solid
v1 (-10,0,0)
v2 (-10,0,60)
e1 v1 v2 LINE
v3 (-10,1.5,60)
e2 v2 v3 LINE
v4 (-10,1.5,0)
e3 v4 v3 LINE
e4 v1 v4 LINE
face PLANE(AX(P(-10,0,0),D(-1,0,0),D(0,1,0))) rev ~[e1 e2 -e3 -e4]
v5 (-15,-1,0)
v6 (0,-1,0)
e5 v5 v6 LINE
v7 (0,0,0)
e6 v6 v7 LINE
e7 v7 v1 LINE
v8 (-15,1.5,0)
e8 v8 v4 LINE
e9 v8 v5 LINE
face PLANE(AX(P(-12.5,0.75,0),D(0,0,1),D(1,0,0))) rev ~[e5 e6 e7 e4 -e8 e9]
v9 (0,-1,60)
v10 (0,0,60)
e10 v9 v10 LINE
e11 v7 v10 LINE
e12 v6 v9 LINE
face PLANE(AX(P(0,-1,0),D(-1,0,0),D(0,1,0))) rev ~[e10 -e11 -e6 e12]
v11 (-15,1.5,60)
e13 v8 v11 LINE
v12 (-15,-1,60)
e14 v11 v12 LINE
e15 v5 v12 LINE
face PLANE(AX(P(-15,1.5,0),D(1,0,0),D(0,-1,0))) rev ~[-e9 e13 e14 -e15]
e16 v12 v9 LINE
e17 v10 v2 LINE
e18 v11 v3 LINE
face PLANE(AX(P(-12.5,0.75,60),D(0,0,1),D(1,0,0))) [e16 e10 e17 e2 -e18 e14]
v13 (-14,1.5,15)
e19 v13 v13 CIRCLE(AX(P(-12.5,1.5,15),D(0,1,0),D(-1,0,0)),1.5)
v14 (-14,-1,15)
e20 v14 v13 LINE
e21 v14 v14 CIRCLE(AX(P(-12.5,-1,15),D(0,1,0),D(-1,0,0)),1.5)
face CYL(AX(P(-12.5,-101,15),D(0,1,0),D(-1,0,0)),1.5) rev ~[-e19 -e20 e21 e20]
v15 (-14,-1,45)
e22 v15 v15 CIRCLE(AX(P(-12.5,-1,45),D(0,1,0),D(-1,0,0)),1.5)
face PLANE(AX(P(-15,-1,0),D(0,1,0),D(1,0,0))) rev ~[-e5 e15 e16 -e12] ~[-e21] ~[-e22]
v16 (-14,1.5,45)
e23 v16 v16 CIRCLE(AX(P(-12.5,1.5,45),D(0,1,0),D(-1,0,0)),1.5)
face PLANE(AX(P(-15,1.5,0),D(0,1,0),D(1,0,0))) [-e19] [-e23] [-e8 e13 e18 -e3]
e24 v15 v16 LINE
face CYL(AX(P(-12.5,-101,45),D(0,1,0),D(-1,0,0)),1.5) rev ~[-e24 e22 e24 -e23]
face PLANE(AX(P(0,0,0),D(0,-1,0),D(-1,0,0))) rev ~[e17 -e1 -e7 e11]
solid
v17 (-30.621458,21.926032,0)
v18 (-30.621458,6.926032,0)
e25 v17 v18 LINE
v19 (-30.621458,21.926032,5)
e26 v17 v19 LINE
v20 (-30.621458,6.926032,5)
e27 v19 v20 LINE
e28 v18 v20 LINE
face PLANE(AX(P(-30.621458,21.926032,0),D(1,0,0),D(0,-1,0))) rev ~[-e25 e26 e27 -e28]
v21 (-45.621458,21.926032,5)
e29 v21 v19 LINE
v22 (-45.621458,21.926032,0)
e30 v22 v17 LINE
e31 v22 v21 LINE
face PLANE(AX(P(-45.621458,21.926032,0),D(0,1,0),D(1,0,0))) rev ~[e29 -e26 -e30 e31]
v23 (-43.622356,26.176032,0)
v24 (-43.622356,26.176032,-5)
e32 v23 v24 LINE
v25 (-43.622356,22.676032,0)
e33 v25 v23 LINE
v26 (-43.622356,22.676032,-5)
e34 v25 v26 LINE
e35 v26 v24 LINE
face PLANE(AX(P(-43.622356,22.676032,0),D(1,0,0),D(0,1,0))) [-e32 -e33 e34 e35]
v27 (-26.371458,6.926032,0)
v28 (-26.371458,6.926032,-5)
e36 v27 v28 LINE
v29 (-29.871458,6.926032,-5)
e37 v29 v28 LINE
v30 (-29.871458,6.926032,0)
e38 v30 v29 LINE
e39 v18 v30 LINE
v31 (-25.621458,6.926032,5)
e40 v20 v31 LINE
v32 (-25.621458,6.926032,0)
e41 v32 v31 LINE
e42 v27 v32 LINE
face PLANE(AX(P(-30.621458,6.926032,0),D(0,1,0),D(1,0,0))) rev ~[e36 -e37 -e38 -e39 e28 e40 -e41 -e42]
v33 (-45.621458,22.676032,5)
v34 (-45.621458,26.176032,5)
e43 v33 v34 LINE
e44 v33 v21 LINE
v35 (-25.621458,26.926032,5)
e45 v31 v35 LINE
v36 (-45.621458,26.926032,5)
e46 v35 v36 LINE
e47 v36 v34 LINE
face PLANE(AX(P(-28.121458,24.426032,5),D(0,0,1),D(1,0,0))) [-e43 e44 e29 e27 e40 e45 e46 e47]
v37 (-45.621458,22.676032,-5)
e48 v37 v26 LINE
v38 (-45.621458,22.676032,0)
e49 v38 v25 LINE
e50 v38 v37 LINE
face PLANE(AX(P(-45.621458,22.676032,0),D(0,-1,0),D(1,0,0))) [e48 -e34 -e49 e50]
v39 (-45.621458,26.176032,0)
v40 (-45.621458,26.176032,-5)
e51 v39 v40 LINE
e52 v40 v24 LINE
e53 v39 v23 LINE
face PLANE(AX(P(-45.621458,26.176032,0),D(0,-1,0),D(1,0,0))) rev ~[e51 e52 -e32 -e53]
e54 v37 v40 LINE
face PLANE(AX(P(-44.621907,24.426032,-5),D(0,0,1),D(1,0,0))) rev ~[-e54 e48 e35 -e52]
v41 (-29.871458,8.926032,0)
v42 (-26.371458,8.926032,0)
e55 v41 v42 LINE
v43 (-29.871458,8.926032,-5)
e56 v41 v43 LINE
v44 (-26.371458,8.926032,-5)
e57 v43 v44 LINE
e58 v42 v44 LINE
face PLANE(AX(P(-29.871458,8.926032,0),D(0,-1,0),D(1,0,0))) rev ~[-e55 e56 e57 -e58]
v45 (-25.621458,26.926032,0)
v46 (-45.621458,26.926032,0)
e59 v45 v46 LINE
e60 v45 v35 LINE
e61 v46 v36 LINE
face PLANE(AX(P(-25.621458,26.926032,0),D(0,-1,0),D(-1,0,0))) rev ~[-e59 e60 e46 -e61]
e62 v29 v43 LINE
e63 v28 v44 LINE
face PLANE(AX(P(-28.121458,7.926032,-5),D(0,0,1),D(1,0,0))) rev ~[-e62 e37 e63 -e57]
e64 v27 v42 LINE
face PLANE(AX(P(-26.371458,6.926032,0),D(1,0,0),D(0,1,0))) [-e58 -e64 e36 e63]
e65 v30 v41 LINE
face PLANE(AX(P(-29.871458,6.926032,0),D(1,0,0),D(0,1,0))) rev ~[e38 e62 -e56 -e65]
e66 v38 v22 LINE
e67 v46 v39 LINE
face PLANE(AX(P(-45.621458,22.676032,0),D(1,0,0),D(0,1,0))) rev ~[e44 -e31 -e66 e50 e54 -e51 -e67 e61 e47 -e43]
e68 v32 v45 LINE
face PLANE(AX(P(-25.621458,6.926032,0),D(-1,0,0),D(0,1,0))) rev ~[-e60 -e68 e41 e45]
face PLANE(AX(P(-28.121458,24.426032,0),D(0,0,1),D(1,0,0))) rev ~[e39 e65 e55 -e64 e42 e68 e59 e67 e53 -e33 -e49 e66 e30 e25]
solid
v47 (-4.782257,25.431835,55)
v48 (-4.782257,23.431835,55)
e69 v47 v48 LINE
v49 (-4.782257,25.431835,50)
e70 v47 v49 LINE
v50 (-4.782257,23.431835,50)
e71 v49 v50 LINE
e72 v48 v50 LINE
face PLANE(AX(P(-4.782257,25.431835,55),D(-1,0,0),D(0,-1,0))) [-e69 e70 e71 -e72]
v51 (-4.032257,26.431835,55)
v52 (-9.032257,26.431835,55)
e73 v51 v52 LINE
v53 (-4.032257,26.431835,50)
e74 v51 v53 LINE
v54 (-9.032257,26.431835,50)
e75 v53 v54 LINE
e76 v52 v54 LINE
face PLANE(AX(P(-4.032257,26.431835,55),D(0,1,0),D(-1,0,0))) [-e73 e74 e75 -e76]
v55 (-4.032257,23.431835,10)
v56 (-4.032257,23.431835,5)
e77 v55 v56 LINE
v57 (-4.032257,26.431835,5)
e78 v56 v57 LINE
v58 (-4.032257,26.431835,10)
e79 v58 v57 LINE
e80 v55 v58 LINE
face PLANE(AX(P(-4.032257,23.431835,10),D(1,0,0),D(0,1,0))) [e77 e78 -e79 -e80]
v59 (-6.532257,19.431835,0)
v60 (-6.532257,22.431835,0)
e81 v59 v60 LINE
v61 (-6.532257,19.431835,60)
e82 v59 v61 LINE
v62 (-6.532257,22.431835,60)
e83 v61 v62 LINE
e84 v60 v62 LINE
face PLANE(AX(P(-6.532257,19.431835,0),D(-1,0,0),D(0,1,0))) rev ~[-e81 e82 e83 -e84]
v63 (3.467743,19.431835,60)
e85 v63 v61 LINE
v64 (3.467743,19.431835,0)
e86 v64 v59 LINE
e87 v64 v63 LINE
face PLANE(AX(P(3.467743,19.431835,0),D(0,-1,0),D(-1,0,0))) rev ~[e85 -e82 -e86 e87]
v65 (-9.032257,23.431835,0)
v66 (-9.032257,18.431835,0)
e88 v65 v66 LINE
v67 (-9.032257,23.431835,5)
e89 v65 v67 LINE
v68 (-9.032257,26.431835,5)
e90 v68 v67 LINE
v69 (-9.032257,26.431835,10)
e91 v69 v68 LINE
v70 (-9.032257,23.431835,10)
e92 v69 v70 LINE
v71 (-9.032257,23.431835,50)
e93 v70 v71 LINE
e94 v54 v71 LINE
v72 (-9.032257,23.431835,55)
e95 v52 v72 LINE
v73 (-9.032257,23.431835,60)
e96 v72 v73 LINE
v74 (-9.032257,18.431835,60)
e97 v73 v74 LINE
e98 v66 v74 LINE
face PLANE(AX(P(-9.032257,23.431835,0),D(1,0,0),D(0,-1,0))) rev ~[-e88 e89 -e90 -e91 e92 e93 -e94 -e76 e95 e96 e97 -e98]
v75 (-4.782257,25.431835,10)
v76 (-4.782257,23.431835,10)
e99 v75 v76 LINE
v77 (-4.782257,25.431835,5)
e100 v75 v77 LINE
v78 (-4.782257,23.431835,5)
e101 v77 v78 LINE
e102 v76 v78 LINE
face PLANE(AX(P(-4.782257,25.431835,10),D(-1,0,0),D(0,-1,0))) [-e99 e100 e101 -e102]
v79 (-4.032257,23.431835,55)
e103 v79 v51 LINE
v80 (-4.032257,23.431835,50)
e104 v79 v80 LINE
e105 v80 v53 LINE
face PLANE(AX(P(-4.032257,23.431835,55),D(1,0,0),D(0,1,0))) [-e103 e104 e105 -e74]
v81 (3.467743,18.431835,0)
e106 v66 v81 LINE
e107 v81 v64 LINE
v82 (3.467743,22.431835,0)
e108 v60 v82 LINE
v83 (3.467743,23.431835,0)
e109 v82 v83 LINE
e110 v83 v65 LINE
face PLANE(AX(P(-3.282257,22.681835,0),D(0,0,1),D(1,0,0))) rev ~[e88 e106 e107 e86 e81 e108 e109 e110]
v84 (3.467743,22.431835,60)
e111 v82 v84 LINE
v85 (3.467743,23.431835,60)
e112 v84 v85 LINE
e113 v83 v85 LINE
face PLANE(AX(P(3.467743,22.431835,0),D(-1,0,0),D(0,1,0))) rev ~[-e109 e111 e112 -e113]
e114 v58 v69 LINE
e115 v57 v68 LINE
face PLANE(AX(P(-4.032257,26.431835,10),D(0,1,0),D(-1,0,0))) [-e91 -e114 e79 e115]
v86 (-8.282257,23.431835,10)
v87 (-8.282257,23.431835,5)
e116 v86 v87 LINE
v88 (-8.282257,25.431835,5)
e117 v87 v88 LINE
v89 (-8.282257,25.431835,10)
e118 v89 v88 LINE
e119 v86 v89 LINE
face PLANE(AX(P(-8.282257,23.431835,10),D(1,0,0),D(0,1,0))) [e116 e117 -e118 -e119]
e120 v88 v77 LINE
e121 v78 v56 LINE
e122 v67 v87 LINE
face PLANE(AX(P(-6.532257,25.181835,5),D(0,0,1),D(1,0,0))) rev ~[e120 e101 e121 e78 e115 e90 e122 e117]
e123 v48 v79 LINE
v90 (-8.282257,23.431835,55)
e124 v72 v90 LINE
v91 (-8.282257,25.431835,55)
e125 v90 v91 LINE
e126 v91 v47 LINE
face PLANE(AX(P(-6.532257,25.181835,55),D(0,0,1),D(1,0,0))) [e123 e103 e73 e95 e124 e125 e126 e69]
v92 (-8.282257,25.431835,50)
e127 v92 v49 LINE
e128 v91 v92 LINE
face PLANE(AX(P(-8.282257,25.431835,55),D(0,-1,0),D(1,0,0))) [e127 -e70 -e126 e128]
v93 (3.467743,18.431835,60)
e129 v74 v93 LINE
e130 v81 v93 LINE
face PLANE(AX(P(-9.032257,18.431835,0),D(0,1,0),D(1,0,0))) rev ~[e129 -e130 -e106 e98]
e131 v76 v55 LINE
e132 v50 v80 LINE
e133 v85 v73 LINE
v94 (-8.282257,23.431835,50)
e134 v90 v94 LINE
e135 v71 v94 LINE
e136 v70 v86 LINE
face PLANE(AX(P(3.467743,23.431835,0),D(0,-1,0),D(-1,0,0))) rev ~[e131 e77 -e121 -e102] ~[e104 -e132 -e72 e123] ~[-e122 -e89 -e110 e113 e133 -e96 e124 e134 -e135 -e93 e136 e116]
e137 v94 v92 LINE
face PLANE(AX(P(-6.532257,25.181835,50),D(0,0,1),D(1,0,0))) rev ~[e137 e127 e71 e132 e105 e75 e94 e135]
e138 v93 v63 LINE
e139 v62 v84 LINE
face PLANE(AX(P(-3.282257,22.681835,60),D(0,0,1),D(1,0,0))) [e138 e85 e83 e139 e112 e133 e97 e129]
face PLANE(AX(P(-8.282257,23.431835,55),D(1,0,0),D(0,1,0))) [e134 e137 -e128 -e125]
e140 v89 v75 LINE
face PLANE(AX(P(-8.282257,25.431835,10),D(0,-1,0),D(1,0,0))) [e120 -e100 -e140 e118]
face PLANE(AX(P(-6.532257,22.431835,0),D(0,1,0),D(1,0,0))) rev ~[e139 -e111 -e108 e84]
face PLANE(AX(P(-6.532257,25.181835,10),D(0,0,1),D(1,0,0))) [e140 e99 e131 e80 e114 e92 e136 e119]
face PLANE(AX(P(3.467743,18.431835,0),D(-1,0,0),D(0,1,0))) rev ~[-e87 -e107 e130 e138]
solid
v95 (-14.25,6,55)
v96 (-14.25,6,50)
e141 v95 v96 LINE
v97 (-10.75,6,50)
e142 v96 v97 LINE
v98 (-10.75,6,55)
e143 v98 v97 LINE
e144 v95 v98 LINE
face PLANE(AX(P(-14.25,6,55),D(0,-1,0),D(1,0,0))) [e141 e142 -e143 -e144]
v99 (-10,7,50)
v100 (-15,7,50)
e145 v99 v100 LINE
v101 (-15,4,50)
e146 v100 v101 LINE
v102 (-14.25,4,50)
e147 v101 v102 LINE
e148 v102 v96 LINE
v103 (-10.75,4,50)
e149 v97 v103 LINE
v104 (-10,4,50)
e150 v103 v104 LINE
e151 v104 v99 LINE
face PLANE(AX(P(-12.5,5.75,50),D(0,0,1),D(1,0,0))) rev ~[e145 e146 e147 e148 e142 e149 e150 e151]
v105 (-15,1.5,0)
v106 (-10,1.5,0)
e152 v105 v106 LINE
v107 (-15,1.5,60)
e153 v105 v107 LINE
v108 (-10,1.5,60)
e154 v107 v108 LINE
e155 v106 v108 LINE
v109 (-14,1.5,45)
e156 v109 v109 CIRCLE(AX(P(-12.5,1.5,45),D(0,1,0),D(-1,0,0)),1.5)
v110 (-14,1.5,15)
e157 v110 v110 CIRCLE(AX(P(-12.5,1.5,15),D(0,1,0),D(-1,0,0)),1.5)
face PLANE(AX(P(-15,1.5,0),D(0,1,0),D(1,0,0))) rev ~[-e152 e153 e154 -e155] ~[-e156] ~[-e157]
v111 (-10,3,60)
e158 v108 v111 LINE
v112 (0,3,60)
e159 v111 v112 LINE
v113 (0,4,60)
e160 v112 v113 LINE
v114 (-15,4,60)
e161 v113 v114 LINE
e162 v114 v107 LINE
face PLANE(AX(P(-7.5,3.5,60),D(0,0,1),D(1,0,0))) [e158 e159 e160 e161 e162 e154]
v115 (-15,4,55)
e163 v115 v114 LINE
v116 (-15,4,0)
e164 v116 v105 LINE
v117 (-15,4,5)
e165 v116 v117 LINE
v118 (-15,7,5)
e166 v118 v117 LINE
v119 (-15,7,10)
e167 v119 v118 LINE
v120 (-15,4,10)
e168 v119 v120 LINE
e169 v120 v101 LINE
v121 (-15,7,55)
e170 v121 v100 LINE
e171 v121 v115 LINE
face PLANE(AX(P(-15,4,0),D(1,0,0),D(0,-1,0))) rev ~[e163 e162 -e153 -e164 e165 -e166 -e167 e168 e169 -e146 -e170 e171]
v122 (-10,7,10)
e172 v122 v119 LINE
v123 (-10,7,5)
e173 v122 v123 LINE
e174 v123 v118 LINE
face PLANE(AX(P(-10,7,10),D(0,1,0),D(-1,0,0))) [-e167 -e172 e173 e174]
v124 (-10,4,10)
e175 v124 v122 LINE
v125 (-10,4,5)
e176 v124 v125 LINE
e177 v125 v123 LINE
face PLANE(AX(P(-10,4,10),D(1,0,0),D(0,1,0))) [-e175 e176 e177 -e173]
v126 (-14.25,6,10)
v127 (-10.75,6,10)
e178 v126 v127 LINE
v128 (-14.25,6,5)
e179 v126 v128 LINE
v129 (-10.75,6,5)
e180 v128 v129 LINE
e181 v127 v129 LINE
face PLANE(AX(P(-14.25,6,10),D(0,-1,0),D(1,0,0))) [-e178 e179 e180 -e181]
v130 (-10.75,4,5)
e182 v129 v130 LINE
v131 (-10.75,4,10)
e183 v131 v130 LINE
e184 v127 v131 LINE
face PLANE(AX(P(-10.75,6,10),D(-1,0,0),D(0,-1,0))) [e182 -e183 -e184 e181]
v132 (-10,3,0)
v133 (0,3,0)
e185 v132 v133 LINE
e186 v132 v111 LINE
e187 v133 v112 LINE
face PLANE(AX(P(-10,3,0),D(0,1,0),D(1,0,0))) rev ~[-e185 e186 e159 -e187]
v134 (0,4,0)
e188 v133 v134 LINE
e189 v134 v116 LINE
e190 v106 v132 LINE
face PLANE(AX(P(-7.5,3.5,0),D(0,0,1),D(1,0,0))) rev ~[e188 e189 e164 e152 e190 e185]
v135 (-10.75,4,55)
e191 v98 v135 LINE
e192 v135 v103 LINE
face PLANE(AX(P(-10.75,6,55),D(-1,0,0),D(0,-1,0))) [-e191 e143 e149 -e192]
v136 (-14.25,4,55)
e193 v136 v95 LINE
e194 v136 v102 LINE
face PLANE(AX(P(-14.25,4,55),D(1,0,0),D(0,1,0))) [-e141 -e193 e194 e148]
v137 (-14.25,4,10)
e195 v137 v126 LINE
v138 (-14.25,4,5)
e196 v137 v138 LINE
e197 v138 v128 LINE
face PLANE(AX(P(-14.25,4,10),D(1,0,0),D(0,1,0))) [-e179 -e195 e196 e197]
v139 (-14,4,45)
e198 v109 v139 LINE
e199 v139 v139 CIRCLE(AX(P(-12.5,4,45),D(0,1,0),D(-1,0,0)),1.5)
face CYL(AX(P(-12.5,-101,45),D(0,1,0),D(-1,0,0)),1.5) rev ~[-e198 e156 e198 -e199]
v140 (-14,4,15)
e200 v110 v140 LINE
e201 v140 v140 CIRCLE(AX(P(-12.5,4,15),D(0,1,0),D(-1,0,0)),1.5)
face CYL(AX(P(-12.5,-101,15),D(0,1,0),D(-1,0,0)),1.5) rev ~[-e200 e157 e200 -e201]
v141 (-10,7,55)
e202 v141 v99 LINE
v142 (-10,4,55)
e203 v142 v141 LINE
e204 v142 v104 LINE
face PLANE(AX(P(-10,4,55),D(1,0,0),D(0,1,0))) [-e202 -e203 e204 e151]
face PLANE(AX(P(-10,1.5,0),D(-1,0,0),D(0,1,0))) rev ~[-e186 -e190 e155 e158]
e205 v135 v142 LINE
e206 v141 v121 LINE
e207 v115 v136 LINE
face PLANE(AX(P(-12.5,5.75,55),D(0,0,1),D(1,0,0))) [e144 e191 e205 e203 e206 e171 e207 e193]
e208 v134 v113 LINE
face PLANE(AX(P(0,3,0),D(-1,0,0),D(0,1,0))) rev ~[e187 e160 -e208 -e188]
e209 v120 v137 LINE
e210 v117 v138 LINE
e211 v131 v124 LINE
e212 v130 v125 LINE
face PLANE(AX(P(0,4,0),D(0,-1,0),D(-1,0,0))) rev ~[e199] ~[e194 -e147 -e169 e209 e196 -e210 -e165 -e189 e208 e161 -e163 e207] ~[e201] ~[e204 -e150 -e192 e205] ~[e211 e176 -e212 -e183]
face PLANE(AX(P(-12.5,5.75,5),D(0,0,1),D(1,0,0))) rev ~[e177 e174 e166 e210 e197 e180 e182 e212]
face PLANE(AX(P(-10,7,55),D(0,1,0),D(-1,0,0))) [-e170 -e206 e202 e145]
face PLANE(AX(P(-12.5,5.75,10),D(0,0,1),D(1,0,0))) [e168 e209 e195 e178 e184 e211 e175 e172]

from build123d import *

# Parameters (mm, degrees)
F0_W       = 5
F0_H       = 1.5
F1_DEPTH   = 60
F2_DEPTH   = 60
F4_D       = 3
F4_DEPTH   = 100
F4_TIP     = 0.9012909285
F4_2_D     = 3
F4_2_DEPTH = 100
F4_2_TIP   = 0.9012909285
F6_DEPTH   = 60
F8_START   = -5
F8_DEPTH   = 5
F9_START   = -50
F9_DEPTH   = 5
F11_START  = -5
F11_DEPTH  = 5
F12_START  = -50
F12_DEPTH  = 5
F13_W      = 5
F13_H      = 5
F13_W_2    = 12
F13_H_2    = 12
F13_W_3    = 1.9991025329
F13_H_3    = 3.5
F13_W_4    = 3.5
F13_H_4    = 2
F14_DEPTH  = 5
F15_DEPTH  = 5


with BuildPart() as f1:
    # F0 (on Top) → F1 (new body)
    with BuildSketch(Plane.XY):
        Polygon((-10, 3), (0, 3), (0, 4), (-15, 4), (-15, 3), align=None)
        with Locations((-12.5, 2.25)):
            Rectangle(F0_W, F0_H)
    extrude(amount=F1_DEPTH)

    # F4
    with Locations(Plane.XZ.offset(1)):
        with Locations((-12.5, 45), (-12.5, 15)):
            Hole(F4_D / 2, depth=F4_DEPTH)
            with Locations((0, 0, -(F4_DEPTH + F4_TIP / 2))):  # 118° drill point
                Cone(0, F4_D / 2, F4_TIP, mode=Mode.SUBTRACT)

    # F7 (on face) → F8 (join)
    with BuildSketch(Plane.XY.offset(60).offset(F8_START)):
        Polygon((-15, 7), (-15, 4), (-14.25, 4), (-14.25, 6), (-10.75, 6), (-10.75, 4), (-10, 4), (-10, 7), align=None)
    extrude(amount=-F8_DEPTH)

    # F7 (on face) → F9 (join)
    with BuildSketch(Plane.XY.offset(60).offset(F9_START)):
        Polygon((-15, 7), (-15, 4), (-14.25, 4), (-14.25, 6), (-10.75, 6), (-10.75, 4), (-10, 4), (-10, 7), align=None)
    extrude(amount=-F9_DEPTH)


with BuildPart() as f2:
    # F0 (on Top) → F2 (new body)
    with BuildSketch(Plane.XY):
        with Locations((-12.5, 0.75)):
            Rectangle(F0_W, F0_H)
        Polygon((0, -1), (0, 0), (-10, 0), (-15, 0), (-15, -1), align=None)
    extrude(amount=F2_DEPTH)

    # F4#2
    with Locations(Plane.XZ.offset(1)):
        with Locations((-12.5, 45), (-12.5, 15)):
            Hole(F4_2_D / 2, depth=F4_2_DEPTH)
            with Locations((0, 0, -(F4_2_DEPTH + F4_2_TIP / 2))):  # 118° drill point
                Cone(0, F4_2_D / 2, F4_2_TIP, mode=Mode.SUBTRACT)


with BuildPart() as f6:
    # F5 (on Top) → F6 (new body)
    with BuildSketch(Plane.XY):
        Polygon((-6.5322569013, 22.4318350405), (3.4677430987, 22.4318350405), (3.4677430987, 23.4318350405), (-9.0322569013, 23.4318350405), (-9.0322569013, 20.9318350405), (-6.5322569013, 20.9318350405), align=None)
        Polygon((-6.5322569013, 19.4318350405), (-6.5322569013, 20.9318350405), (-9.0322569013, 20.9318350405), (-9.0322569013, 18.4318350405), (3.4677430987, 18.4318350405), (3.4677430987, 19.4318350405), align=None)
    extrude(amount=F6_DEPTH)

    # F10 (on face) → F11 (join)
    with BuildSketch(Plane.XY.offset(60).offset(F11_START)):
        Polygon((-9.0322569013, 26.4318350405), (-9.0322569013, 23.4318350405), (-8.2822569013, 23.4318350405), (-8.2822569013, 25.4318350405), (-4.7822569013, 25.4318350405), (-4.7822569013, 23.4318350405), (-4.0322569013, 23.4318350405), (-4.0322569013, 26.4318350405), align=None)
    extrude(amount=-F11_DEPTH)

    # F10 (on face) → F12 (join)
    with BuildSketch(Plane.XY.offset(60).offset(F12_START)):
        Polygon((-9.0322569013, 26.4318350405), (-9.0322569013, 23.4318350405), (-8.2822569013, 23.4318350405), (-8.2822569013, 25.4318350405), (-4.7822569013, 25.4318350405), (-4.7822569013, 23.4318350405), (-4.0322569013, 23.4318350405), (-4.0322569013, 26.4318350405), align=None)
    extrude(amount=-F12_DEPTH)


with BuildPart() as f14:
    # F13 (on Top) → F14 (new body)
    with BuildSketch(Plane.XY):
        with Locations((-28.121458441, 24.4260315597)):
            Rectangle(F13_W, F13_H)
        with Locations((-36.621458441, 24.4260315597)):
            Rectangle(F13_W_2, F13_H)
        with Locations((-28.121458441, 15.9260315597)):
            Rectangle(F13_W, F13_H_2)
        Polygon((-42.621458441, 21.9260315597), (-42.621458441, 26.9260315597), (-45.621458441, 26.9260315597), (-45.621458441, 26.1760315597), (-43.6223559082, 26.1760315597), (-43.6223559082, 22.6760315597), (-45.621458441, 22.6760315597), (-45.621458441, 21.9260315597), align=None)
        Polygon((-25.621458441, 9.9260315597), (-30.621458441, 9.9260315597), (-30.621458441, 6.9260315597), (-29.871458441, 6.9260315597), (-29.871458441, 8.9260315597), (-26.371458441, 8.9260315597), (-26.371458441, 6.9260315597), (-25.621458441, 6.9260315597), align=None)
        with Locations((-44.6219071746, 24.4260315597)):
            Rectangle(F13_W_3, F13_H_3)
        with Locations((-28.121458441, 7.9260315597)):
            Rectangle(F13_W_4, F13_H_4)
    extrude(amount=F14_DEPTH)

    # F13 (on Top) → F15 (join)
    with BuildSketch(Plane.XY):
        with Locations((-28.121458441, 7.9260315597)):
            Rectangle(F13_W_4, F13_H_4)
        with Locations((-44.6219071746, 24.4260315597)):
            Rectangle(F13_W_3, F13_H_3)
    extrude(amount=-F15_DEPTH)


solid = Compound([f1.part, f2.part, f6.part, f14.part])
